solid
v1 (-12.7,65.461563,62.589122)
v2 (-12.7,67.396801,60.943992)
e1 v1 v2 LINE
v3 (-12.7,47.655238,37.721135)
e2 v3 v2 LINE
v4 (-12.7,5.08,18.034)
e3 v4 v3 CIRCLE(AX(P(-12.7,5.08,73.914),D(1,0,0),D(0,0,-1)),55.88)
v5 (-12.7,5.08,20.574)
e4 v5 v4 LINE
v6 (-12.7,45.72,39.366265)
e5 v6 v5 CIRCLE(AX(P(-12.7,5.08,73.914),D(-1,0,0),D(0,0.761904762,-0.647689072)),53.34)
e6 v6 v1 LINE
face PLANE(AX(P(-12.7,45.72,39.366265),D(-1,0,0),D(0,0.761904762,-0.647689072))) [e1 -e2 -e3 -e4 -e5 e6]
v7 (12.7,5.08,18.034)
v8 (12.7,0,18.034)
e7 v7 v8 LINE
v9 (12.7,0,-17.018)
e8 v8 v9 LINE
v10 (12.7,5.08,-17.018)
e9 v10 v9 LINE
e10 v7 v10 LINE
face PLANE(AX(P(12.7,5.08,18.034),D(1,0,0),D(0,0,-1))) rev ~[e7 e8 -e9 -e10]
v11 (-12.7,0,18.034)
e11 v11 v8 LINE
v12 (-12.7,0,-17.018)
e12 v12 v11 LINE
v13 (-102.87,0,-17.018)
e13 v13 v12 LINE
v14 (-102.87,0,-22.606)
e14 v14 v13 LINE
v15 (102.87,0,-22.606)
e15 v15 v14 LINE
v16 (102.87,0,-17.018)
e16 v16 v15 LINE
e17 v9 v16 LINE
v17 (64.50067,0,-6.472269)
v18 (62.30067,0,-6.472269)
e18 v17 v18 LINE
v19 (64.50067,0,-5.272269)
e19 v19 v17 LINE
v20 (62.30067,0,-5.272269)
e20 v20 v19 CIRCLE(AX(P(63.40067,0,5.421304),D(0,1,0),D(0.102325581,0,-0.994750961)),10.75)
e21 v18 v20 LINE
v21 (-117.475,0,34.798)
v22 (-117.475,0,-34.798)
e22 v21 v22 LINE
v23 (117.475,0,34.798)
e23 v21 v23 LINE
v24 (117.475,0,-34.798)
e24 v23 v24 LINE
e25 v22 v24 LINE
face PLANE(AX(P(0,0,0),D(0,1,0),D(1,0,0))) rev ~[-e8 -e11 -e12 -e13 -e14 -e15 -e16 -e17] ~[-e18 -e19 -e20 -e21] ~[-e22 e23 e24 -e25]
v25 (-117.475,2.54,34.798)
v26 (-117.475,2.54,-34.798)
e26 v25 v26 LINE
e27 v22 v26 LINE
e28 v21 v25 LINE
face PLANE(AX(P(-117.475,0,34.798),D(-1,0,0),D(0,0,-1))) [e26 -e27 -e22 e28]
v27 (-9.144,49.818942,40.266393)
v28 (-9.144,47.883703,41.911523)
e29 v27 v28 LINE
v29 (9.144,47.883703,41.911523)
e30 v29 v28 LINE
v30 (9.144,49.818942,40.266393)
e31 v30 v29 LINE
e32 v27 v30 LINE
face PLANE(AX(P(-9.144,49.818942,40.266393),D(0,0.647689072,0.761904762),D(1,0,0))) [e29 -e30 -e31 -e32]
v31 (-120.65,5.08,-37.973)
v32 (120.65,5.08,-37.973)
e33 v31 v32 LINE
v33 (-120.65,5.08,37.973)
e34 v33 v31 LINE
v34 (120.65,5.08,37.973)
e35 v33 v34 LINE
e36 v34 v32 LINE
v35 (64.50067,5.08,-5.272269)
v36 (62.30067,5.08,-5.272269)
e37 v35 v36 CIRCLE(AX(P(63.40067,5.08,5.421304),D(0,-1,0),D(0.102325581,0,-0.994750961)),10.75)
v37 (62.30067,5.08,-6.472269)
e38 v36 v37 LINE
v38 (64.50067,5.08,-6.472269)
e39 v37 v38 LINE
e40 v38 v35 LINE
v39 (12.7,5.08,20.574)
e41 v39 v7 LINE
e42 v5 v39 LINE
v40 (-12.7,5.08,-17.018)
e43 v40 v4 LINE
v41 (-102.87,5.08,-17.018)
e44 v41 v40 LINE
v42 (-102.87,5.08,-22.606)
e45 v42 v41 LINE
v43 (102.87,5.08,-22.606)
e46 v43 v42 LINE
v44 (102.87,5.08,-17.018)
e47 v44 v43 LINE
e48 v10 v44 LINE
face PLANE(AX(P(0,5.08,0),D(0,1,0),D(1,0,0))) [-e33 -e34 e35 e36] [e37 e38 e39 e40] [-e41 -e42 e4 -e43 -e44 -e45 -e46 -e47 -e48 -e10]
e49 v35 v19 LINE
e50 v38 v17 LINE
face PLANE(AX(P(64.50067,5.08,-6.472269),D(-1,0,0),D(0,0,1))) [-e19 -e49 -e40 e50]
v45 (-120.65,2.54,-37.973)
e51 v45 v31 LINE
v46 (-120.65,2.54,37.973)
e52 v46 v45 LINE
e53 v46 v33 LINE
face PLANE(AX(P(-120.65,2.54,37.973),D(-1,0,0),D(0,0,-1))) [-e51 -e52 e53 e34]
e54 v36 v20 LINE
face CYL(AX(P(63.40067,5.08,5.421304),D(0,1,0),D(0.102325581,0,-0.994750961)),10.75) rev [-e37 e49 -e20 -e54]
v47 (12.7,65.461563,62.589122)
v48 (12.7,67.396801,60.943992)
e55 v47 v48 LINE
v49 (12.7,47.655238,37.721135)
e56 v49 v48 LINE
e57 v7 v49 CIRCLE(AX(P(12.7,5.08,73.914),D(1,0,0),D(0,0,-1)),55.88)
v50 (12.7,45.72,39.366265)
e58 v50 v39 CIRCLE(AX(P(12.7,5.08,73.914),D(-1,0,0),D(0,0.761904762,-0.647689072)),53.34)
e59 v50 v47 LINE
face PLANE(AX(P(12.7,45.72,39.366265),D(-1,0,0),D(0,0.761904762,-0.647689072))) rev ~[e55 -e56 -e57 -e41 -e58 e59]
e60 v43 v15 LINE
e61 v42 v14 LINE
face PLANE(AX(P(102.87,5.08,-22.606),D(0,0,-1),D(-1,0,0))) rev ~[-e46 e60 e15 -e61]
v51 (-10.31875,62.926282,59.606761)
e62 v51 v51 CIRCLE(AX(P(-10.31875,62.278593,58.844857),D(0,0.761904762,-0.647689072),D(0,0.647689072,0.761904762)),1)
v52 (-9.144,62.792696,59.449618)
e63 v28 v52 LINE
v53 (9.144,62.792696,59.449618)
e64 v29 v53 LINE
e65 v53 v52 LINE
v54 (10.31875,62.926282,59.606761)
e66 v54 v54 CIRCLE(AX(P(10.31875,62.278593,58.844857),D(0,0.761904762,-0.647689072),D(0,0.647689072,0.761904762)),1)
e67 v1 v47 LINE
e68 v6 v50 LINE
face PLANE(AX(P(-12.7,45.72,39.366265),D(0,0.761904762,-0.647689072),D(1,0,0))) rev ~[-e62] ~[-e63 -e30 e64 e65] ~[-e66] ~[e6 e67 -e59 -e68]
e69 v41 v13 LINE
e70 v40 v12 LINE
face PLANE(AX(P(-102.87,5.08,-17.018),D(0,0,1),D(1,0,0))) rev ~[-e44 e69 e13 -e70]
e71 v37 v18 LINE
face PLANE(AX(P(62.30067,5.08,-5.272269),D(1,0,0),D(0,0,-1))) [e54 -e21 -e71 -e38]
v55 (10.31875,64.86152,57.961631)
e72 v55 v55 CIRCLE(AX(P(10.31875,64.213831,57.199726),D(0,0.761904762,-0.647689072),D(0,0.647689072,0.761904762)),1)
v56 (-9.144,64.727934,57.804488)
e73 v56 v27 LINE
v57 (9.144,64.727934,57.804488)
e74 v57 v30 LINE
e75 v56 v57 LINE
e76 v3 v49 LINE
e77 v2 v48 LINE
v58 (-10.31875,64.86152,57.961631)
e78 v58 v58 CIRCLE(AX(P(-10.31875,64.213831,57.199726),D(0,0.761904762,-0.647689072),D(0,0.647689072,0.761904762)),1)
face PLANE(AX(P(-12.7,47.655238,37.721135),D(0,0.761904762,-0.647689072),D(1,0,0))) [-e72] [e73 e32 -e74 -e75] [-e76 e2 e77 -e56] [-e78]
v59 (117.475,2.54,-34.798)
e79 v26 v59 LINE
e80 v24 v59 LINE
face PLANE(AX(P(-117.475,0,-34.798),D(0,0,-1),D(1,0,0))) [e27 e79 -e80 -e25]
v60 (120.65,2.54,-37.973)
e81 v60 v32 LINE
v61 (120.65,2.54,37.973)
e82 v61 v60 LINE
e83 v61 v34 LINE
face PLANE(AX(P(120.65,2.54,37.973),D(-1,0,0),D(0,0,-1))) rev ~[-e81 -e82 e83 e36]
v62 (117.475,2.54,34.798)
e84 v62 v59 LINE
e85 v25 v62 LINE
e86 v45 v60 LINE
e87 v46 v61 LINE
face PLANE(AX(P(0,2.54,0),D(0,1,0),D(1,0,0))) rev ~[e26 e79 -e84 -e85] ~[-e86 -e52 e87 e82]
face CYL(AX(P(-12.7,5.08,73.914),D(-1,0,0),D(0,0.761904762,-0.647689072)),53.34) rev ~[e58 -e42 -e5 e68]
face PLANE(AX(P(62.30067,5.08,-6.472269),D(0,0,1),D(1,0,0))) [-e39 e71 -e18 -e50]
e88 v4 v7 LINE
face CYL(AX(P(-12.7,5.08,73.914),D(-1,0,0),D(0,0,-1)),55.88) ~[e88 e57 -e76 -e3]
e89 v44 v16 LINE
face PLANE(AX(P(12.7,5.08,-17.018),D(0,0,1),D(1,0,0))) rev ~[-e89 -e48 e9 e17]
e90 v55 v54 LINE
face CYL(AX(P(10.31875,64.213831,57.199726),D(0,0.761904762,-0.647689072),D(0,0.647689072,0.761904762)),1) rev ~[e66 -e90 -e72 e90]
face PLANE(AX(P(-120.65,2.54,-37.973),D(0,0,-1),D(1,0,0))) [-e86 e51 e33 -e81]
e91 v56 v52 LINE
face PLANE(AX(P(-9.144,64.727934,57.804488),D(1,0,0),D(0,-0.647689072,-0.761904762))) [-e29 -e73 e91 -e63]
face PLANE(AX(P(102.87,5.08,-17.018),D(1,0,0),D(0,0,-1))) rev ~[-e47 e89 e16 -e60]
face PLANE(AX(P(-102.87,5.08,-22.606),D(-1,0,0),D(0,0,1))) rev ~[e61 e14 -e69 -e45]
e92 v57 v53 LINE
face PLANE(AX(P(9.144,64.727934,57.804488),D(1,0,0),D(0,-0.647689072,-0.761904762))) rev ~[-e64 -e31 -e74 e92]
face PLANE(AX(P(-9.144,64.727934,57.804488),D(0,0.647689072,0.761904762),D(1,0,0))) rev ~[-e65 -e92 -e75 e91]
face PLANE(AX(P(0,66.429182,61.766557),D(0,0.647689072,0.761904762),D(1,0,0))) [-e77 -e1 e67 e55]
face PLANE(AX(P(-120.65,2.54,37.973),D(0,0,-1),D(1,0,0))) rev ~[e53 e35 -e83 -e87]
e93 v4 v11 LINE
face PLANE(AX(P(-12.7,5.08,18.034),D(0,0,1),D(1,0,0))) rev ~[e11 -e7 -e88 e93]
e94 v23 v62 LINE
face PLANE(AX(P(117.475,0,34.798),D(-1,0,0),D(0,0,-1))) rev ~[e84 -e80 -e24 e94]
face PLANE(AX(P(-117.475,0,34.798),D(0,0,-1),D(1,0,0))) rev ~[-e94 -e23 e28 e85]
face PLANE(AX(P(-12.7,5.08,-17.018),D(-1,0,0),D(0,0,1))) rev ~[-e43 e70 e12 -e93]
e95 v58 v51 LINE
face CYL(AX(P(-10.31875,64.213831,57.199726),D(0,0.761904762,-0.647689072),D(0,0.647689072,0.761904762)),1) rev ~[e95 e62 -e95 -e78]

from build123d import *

# Parameters (mm, degrees)
SKETCH1_W                = 234.95
SKETCH1_H                = 69.596
BOSS_EXTRUDE1_DEPTH      = 2.54
SKETCH2_W                = 241.3
SKETCH2_H                = 75.946
BOSS_EXTRUDE2_DEPTH      = 2.54
SKETCH3_W                = 25.4
SKETCH3_H                = 4.572
SKETCH3_H_2              = 30.48
CUT_EXTRUDE2_DEPTH       = 127.5866408
BOSS_EXTRUDE7_DEPTH      = 12.7
BOSS_EXTRUDE7_DEPTH_BACK = 12.7
SKETCH5_W                = 25.4
SKETCH5_H                = 2.54
BOSS_EXTRUDE8_DEPTH      = 30.48
CUT_EXTRUDE3_REACH       = 153.329
SKETCH6_W                = 18.288
SKETCH6_H                = 23.01875
CUT_EXTRUDE4_REACH       = 153.329
SKETCH9_R                = 1
CUT_EXTRUDE6_REACH       = 151.523


with BuildPart() as part:
    # Sketch1 → Boss-Extrude1 (new body)
    with BuildSketch(Plane(origin=(0, 0, 0), x_dir=(1, 0, 0), z_dir=(0, 1, 0))):
        Rectangle(SKETCH1_W, SKETCH1_H)
    extrude(amount=BOSS_EXTRUDE1_DEPTH)

    # Sketch2 → Boss-Extrude2 (add)
    with BuildSketch(Plane(origin=(0, 2.54, 0), x_dir=(1, 0, 0), z_dir=(0, 1, 0))):
        Rectangle(SKETCH2_W, SKETCH2_H)
    extrude(amount=BOSS_EXTRUDE2_DEPTH)

    # Sketch3 → Cut-Extrude2 (cut, through all)
    with BuildSketch(Plane(origin=(0, 5.08, 0), x_dir=(1, 0, 0), z_dir=(0, 1, 0))):
        Polygon((102.87, 22.606), (-102.87, 22.606), (-102.87, 17.018), (-12.7, 17.018), (12.7, 17.018), (102.87, 17.018), align=None)
        with Locations((0, 14.732)):
            Rectangle(SKETCH3_W, SKETCH3_H)
        with Locations((0, -2.794)):
            Rectangle(SKETCH3_W, SKETCH3_H_2)
    extrude(amount=-CUT_EXTRUDE2_DEPTH, mode=Mode.SUBTRACT)

    # Sketch4 → Boss-Extrude7 (add, two sides: drawn at the far end of the back side and taken through both)
    with BuildSketch(Plane(origin=(0, 0, 0), x_dir=(0, 0, -1), z_dir=(1, 0, 0)).offset(-BOSS_EXTRUDE7_DEPTH_BACK)):
        with BuildLine():
            Line((-20.574, 5.08), (-18.034, 5.08))
            ThreePointArc((-18.034, 5.08), (-23.194025065, 28.533326897), (-37.721134665, 47.655238095))
            Line((-37.721134665, 47.655238095), (-39.366264908, 45.72))
            ThreePointArc((-39.366264908, 45.72), (-25.499478471, 27.467266584), (-20.574, 5.08))
        make_face()
    extrude(amount=BOSS_EXTRUDE7_DEPTH + BOSS_EXTRUDE7_DEPTH_BACK)

    # Sketch5 → Boss-Extrude8 (add)
    with BuildSketch(Plane(origin=(0, 38.605953422, 45.413858329), x_dir=(1, 0, 0), z_dir=(0, 0.6476890718445453, 0.7619047619047618))):
        with Locations((0, 10.607186134)):
            Rectangle(SKETCH5_W, SKETCH5_H)
    extrude(amount=BOSS_EXTRUDE8_DEPTH)

    # Sketch6 → Cut-Extrude3 (cut, up to next)
    with BuildSketch(Plane(origin=(0, 9.049284674, -7.692723663), x_dir=(1, 0, 0), z_dir=(0, 0.7619047619047616, -0.6476890718445452)), mode=Mode.PRIVATE) as cut_extrude3_sk1:
        with Locations((0, -74.455715595)):
            Rectangle(SKETCH6_W, SKETCH6_H)
    cut_extrude3_tool1 = extrude(cut_extrude3_sk1.sketch, amount=-CUT_EXTRUDE3_REACH, mode=Mode.PRIVATE) & part.part
    add(cut_extrude3_tool1.solids().sort_by_distance((0, 57.273438, 49.035441))[0], mode=Mode.SUBTRACT)

    # Sketch9 → Cut-Extrude4 (cut, up to next)
    with BuildSketch(Plane(origin=(0, 9.049284674, -7.692723663), x_dir=(1, 0, 0), z_dir=(0, 0.7619047619047616, -0.6476890718445452)), mode=Mode.PRIVATE) as cut_extrude4_sk1:
        with Locations(Location((-10.31875, -85.171340595, 0), (0, 0, 270))):
            Circle(SKETCH9_R)
    cut_extrude4_tool1 = extrude(cut_extrude4_sk1.sketch, amount=-CUT_EXTRUDE4_REACH, mode=Mode.PRIVATE) & part.part
    # Sketch9 → Cut-Extrude4 (cut, up to next)
    with BuildSketch(Plane(origin=(0, 9.049284674, -7.692723663), x_dir=(1, 0, 0), z_dir=(0, 0.7619047619047616, -0.6476890718445452)), mode=Mode.PRIVATE) as cut_extrude4_sk2:
        with Locations(Location((10.31875, -85.171340595, 0), (0, 0, 270))):
            Circle(SKETCH9_R)
    cut_extrude4_tool2 = extrude(cut_extrude4_sk2.sketch, amount=-CUT_EXTRUDE4_REACH, mode=Mode.PRIVATE) & part.part
    add(cut_extrude4_tool1.solids().sort_by_distance((-10.31875, 64.213831, 57.199726))[0], mode=Mode.SUBTRACT)
    add(cut_extrude4_tool2.solids().sort_by_distance((10.31875, 64.213831, 57.199726))[0], mode=Mode.SUBTRACT)

    # Sketch10 → Cut-Extrude6 (cut, up to next)
    with BuildSketch(Plane(origin=(0, 5.08, 0), x_dir=(1, 0, 0), z_dir=(0, 1, 0)), mode=Mode.PRIVATE) as cut_extrude6_sk1:
        with BuildLine():
            Line((62.300670098, 6.472268969), (64.500670098, 6.472268969))
            Line((64.500670098, 6.472268969), (64.500670098, 5.272268969))
            ThreePointArc((64.500670098, 5.272268969), (63.400670098, -16.171303867), (62.300670098, 5.272268969))
            Line((62.300670098, 5.272268969), (62.300670098, 6.472268969))
        make_face()
    cut_extrude6_tool1 = extrude(cut_extrude6_sk1.sketch, amount=-CUT_EXTRUDE6_REACH, mode=Mode.PRIVATE) & part.part
    add(cut_extrude6_tool1.solids().sort_by_distance((63.40067, 5.08, 5.342182))[0], mode=Mode.SUBTRACT)


solid = part.part
